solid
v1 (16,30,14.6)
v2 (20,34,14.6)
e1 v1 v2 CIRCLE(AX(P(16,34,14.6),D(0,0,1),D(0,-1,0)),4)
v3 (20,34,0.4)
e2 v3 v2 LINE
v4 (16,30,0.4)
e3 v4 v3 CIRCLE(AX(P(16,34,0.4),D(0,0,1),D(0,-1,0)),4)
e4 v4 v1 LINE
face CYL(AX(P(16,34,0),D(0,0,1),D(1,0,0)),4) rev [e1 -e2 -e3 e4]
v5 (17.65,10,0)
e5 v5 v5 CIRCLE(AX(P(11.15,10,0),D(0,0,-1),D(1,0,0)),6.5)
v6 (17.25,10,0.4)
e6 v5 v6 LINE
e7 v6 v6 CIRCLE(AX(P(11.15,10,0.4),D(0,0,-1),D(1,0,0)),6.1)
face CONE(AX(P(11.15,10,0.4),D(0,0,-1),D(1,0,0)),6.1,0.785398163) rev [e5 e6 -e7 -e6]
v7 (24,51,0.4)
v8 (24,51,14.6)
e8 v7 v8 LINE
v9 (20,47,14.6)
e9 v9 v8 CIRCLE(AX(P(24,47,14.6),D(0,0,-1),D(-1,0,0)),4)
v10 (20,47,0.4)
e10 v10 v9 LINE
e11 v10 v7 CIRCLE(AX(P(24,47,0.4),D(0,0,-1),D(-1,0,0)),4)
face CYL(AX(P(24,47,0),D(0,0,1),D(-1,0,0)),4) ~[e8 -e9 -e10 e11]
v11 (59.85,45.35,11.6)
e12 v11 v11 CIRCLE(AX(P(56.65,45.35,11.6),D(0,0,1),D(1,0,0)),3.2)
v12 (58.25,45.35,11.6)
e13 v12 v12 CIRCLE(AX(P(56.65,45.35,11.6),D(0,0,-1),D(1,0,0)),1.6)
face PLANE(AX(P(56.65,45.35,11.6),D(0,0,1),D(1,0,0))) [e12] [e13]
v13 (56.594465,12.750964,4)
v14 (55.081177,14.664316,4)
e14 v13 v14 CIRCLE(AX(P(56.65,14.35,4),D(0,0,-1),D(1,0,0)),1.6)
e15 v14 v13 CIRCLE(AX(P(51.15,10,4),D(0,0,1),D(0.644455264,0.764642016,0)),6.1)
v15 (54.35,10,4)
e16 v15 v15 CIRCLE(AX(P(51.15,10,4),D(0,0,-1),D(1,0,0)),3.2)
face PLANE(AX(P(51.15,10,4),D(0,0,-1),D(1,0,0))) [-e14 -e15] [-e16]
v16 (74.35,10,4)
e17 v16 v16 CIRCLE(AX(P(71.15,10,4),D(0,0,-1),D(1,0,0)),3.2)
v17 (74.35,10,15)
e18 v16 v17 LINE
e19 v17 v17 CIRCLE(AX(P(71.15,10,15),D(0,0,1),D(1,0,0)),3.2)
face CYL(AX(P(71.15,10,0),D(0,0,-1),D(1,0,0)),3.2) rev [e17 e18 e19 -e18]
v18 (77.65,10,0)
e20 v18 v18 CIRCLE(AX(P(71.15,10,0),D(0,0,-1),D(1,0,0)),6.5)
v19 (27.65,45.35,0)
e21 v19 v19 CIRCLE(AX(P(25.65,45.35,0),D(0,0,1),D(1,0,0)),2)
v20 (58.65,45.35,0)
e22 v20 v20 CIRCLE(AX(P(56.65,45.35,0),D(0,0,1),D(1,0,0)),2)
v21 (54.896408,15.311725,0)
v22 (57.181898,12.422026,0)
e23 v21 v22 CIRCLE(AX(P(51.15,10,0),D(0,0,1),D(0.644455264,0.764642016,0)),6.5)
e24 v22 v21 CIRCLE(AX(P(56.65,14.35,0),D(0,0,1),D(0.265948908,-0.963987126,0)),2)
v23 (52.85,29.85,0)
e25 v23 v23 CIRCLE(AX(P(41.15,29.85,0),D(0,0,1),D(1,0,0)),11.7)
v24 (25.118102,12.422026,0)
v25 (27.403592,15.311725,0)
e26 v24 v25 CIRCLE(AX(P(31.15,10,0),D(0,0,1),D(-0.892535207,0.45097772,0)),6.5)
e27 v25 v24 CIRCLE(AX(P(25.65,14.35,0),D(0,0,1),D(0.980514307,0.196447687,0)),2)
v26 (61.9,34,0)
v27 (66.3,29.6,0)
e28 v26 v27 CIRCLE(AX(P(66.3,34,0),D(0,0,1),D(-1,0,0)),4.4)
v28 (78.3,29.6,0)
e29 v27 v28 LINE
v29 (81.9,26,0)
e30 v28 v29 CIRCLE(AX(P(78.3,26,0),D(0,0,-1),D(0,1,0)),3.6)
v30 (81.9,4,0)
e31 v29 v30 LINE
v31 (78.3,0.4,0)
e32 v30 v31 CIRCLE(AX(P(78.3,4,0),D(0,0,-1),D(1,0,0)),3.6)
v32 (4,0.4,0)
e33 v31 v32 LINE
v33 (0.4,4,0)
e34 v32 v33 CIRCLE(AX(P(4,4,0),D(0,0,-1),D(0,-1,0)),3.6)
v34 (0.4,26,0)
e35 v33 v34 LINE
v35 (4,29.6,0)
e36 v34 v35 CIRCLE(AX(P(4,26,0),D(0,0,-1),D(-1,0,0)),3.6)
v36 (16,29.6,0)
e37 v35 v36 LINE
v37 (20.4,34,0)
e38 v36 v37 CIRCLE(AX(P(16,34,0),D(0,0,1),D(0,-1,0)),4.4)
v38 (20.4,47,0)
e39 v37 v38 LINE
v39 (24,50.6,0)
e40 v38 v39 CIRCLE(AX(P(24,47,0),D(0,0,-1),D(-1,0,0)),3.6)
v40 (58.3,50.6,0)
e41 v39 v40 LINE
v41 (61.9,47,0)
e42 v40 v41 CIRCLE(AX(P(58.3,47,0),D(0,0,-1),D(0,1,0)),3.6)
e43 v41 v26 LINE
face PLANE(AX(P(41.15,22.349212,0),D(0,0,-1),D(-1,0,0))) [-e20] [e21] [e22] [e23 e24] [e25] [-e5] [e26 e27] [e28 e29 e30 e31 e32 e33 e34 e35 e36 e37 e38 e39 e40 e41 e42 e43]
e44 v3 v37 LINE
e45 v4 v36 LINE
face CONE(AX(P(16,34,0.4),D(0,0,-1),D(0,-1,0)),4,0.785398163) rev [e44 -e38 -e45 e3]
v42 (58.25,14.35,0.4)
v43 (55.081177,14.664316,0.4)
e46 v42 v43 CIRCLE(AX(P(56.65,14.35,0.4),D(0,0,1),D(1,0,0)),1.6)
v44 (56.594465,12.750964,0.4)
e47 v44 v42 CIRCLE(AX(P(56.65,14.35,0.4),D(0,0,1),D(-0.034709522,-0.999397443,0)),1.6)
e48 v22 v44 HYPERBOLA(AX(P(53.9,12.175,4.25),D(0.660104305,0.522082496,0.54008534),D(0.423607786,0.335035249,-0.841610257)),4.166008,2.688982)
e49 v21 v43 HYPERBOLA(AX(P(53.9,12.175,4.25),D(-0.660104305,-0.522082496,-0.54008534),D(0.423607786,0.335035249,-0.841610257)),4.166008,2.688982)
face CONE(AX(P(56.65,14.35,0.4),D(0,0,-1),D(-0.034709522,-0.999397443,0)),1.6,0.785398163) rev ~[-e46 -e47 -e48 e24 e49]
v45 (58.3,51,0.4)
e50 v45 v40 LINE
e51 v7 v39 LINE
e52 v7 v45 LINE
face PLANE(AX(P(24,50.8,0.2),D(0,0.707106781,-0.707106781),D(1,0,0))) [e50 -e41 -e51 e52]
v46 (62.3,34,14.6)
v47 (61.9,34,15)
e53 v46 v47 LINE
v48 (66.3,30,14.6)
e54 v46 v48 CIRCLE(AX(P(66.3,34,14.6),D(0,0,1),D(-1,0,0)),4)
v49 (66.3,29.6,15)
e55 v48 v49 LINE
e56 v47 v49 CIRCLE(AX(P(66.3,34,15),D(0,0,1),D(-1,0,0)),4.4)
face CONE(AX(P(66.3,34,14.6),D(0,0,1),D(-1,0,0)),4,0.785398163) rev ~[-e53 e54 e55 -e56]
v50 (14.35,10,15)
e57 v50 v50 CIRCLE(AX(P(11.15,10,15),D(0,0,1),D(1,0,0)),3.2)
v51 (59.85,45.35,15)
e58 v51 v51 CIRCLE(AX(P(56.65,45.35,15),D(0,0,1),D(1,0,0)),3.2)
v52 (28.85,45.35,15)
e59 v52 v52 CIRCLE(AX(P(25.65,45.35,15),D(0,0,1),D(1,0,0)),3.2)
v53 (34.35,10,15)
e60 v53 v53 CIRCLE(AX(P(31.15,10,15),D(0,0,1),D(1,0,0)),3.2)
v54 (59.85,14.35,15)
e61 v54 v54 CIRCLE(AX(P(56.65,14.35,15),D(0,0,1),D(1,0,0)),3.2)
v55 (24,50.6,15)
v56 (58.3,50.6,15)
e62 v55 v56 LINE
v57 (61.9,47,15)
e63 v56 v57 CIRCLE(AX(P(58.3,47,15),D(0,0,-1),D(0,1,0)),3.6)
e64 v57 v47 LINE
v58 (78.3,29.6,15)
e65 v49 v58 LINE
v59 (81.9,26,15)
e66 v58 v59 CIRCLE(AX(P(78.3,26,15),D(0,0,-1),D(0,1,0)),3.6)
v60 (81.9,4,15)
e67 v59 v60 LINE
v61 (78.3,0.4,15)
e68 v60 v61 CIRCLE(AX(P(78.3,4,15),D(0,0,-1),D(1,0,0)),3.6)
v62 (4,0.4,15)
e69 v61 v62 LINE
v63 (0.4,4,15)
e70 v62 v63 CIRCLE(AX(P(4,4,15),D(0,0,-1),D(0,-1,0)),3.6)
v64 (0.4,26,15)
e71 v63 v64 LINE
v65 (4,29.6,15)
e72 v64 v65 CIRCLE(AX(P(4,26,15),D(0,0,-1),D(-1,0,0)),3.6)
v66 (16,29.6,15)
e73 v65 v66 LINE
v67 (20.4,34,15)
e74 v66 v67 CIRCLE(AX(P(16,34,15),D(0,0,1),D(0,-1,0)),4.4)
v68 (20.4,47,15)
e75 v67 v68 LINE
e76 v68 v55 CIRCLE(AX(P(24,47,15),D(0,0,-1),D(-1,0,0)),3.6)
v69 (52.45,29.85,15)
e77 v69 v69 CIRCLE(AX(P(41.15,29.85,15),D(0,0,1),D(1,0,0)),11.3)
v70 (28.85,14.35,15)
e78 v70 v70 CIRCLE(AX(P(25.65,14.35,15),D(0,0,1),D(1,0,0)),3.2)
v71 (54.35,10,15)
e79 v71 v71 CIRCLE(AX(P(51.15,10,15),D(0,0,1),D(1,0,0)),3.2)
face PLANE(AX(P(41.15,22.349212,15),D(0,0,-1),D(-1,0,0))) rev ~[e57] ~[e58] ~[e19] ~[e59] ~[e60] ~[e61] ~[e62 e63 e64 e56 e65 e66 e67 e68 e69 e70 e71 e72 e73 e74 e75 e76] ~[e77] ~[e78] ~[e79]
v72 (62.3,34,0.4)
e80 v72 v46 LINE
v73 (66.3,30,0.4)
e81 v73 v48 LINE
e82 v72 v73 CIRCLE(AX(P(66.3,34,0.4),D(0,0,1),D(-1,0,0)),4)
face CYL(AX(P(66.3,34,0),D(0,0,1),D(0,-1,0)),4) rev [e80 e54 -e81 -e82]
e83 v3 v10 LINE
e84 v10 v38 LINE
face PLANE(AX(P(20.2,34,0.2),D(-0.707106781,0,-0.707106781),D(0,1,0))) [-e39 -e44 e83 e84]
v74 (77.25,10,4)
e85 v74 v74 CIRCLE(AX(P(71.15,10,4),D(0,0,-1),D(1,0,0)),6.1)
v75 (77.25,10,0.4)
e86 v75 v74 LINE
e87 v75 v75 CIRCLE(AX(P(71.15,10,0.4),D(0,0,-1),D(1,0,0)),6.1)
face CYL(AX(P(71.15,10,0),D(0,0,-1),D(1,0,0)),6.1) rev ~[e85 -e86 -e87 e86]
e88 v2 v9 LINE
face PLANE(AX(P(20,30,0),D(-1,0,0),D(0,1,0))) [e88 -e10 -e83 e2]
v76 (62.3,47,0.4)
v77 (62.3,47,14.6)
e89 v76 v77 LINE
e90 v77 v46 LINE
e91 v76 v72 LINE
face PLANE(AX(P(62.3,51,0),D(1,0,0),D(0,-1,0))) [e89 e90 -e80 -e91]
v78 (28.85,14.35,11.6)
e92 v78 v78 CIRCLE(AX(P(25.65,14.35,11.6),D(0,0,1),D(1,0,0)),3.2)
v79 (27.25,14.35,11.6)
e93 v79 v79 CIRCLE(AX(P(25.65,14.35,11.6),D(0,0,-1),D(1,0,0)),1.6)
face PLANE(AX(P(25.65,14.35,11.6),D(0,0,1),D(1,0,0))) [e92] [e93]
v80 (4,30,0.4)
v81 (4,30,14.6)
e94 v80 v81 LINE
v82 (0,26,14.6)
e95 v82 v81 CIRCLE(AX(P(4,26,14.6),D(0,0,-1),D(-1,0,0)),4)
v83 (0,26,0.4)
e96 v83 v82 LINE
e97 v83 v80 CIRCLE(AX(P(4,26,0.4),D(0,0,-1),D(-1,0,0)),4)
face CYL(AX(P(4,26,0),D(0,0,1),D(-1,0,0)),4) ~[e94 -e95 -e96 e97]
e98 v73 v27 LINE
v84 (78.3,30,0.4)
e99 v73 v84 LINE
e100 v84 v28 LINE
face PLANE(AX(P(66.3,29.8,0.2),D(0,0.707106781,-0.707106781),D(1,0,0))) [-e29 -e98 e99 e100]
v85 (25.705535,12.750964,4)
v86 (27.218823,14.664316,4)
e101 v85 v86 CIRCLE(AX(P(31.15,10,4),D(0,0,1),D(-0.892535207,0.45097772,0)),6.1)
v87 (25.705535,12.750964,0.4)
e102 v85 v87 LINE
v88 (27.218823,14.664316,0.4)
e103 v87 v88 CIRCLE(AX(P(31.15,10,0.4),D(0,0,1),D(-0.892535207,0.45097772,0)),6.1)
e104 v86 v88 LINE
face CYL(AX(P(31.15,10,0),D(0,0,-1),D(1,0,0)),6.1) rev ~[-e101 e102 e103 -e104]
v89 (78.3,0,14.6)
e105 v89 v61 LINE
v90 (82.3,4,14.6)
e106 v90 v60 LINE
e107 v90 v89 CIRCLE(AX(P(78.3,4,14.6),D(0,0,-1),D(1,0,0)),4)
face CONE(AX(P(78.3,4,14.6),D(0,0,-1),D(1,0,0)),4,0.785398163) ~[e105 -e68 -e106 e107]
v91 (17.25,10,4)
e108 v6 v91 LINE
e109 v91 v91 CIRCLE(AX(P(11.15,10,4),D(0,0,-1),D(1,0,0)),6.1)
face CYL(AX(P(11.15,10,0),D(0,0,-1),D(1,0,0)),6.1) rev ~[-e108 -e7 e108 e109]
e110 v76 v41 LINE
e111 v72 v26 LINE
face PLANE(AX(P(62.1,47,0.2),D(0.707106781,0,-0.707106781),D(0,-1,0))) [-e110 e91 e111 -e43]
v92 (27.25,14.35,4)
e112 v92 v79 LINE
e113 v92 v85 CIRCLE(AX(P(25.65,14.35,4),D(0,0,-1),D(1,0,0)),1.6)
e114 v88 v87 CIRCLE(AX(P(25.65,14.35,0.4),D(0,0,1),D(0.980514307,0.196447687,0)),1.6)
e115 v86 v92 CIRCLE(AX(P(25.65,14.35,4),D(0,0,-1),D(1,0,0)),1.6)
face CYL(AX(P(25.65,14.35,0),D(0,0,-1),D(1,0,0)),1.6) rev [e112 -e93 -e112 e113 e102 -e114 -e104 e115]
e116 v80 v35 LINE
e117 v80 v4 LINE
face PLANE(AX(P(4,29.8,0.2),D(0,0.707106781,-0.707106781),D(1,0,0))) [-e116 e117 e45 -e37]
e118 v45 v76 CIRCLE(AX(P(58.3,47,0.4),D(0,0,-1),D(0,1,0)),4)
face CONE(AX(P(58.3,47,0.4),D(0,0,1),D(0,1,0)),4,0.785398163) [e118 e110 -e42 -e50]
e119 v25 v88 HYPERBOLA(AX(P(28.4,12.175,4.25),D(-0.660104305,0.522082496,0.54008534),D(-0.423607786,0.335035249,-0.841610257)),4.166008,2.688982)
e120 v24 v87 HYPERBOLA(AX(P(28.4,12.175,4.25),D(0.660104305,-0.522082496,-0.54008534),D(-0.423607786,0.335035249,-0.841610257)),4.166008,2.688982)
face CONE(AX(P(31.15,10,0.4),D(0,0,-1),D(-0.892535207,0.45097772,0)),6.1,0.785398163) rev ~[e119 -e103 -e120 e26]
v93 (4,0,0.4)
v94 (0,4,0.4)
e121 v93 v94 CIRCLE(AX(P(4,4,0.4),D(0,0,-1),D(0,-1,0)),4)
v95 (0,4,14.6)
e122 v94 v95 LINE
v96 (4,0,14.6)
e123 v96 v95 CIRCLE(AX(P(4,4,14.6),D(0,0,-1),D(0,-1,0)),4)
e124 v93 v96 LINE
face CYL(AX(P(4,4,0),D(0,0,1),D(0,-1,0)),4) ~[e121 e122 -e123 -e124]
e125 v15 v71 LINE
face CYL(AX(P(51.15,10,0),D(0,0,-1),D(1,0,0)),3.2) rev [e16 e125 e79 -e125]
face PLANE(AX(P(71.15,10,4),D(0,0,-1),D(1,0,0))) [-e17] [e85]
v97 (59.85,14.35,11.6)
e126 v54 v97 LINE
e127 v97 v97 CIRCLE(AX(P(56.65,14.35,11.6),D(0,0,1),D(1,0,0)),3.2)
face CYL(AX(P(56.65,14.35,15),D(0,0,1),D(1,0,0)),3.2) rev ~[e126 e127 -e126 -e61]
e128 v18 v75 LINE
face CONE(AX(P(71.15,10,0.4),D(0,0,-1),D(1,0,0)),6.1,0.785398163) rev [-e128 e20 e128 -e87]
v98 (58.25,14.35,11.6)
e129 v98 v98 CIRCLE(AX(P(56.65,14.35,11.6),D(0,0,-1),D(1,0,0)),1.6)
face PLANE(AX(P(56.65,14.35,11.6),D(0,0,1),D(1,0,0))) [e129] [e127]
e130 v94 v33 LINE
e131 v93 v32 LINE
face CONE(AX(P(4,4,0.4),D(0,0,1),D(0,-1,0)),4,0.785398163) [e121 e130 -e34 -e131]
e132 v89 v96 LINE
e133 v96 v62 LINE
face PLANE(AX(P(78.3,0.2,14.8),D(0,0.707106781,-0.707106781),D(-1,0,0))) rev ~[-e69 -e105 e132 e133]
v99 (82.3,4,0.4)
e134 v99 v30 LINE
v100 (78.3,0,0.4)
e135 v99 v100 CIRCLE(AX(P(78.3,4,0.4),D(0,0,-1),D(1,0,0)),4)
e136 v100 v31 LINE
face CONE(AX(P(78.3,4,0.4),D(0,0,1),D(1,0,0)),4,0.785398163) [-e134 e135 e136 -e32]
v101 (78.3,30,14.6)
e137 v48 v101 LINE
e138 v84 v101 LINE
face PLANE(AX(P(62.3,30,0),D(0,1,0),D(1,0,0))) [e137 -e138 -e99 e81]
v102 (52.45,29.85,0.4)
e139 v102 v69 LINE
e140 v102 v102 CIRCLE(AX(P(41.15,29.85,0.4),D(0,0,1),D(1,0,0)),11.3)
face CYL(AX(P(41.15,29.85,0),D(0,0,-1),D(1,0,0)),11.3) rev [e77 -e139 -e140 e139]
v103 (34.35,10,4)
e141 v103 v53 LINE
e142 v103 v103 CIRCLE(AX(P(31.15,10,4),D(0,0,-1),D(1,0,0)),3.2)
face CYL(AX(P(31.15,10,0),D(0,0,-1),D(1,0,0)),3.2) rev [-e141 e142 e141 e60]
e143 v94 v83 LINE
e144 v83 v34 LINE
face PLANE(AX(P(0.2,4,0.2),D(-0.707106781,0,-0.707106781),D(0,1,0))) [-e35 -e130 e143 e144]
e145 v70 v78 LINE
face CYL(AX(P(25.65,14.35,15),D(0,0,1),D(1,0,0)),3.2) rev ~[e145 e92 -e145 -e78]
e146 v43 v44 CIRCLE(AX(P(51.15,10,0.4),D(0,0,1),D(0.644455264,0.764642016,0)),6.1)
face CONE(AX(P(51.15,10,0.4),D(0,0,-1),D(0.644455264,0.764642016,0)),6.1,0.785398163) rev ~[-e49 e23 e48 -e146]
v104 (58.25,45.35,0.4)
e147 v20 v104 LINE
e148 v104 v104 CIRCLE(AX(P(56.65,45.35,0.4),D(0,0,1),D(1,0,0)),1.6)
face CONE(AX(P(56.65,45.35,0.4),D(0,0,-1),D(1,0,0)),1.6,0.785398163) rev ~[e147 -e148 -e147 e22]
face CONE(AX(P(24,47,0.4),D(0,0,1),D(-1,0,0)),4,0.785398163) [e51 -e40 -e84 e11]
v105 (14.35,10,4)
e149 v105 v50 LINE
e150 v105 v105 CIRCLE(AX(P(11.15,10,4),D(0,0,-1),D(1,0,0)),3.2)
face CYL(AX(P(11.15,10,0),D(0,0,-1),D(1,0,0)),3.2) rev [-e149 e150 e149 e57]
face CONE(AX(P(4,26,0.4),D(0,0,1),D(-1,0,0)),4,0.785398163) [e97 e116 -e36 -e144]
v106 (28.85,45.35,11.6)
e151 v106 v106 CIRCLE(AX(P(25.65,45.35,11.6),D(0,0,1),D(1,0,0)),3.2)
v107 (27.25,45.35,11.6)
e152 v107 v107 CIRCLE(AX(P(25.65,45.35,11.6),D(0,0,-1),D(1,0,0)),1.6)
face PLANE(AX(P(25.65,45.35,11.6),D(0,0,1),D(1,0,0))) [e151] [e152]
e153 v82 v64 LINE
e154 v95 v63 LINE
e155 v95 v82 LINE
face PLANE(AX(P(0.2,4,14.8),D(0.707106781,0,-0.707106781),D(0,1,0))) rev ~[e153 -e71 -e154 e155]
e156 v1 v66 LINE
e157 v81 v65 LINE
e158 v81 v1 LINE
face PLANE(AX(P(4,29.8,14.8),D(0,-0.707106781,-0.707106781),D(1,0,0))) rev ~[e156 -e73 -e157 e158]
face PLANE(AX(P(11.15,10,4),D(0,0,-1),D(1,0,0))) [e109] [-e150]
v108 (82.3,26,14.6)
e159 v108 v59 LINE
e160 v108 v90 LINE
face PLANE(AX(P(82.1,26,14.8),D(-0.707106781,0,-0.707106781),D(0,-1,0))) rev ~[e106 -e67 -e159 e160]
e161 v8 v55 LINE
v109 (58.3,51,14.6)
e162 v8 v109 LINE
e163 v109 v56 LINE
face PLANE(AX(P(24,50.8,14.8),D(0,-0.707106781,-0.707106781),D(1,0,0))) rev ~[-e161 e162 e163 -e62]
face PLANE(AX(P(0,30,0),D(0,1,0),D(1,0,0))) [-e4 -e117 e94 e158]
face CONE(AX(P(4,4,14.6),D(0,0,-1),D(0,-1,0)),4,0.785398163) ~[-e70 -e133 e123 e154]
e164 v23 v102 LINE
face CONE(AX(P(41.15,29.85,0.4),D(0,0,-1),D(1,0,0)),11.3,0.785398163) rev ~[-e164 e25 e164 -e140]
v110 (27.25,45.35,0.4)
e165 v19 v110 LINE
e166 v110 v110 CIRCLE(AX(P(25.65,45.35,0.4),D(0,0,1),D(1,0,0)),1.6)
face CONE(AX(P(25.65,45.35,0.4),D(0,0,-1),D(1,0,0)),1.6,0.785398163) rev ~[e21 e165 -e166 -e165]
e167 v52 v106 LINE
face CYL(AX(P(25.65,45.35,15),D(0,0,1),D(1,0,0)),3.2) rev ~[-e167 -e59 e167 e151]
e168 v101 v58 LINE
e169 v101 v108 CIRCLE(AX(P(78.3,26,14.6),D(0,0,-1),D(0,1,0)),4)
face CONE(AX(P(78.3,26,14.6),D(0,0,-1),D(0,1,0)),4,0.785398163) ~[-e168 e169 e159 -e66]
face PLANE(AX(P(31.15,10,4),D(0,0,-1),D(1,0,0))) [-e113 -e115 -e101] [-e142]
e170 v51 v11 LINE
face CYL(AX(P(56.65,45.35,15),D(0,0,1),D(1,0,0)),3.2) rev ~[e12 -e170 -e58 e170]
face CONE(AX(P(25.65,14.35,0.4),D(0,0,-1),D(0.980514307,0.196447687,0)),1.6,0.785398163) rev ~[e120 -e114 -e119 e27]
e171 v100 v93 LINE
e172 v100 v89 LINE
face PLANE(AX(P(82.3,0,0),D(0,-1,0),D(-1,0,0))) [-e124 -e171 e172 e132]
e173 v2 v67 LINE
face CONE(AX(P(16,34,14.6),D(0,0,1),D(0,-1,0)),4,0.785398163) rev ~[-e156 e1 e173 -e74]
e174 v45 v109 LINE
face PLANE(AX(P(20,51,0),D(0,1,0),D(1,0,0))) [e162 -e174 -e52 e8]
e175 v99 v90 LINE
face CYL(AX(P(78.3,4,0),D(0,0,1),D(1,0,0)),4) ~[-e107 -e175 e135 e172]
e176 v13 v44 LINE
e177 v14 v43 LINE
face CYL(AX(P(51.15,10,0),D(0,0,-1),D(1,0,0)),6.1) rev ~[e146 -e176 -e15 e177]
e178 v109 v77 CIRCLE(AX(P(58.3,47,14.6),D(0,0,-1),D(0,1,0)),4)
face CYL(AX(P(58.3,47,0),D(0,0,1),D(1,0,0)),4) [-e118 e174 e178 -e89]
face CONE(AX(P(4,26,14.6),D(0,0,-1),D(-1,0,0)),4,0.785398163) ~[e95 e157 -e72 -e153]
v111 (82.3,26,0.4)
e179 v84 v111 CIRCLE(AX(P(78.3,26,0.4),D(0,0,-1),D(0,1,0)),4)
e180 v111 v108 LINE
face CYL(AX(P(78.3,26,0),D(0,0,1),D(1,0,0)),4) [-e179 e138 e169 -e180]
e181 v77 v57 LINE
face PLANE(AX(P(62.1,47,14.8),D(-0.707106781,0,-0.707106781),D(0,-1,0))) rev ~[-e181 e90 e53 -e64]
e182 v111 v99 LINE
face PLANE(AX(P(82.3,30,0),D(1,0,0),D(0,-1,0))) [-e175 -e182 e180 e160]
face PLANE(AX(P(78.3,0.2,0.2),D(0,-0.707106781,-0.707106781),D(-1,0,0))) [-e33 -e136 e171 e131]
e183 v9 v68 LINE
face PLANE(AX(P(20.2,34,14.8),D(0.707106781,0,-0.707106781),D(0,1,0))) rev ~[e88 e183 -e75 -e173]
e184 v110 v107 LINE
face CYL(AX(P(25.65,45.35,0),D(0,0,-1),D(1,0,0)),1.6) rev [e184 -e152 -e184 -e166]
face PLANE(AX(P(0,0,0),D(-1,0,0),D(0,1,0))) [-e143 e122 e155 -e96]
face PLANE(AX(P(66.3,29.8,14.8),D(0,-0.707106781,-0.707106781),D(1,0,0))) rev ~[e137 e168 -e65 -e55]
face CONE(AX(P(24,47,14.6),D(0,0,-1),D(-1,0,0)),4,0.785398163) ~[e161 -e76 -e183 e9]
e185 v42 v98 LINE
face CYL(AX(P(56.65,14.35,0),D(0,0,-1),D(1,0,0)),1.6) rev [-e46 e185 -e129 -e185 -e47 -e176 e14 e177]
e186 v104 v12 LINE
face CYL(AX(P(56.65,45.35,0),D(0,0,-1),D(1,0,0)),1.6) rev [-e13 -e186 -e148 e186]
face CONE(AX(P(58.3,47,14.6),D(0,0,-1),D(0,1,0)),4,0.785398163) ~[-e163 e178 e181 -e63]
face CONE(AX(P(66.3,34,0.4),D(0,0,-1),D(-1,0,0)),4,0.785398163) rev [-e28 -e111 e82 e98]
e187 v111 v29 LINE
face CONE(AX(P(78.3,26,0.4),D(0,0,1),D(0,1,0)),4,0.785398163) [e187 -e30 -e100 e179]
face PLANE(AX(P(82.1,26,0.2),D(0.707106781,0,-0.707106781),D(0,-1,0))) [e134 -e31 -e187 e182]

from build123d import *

# Parameters (mm, degrees)
SKETCH_R        = 11.3
SKETCH_R_2      = 1.6
SKETCH_R_3      = 3.2
PAD_DEPTH       = 15
SKETCH001_R     = 3.2
POCKET_DEPTH    = 3.4
SKETCH002_R     = 6.1
POCKET001_DEPTH = 4
FILLET_R        = 4
CHAMFER_SIZE    = 0.4
CHAMFER001_SIZE = 0.4


with BuildPart() as part:
    # Sketch → Pad (new body)
    with BuildSketch(Plane.XY):
        Polygon((20, 30), (20, 51), (62.3, 51), (62.3, 30), (82.3, 30), (82.3, 0), (0, 0), (0, 30), align=None)
        with Locations((41.15, 29.85)):
            Circle(SKETCH_R, mode=Mode.SUBTRACT)
        with Locations((25.65, 45.35)):
            Circle(SKETCH_R_2, mode=Mode.SUBTRACT)
        with Locations((25.65, 14.35)):
            Circle(SKETCH_R_2, mode=Mode.SUBTRACT)
        with Locations((56.65, 45.35)):
            Circle(SKETCH_R_2, mode=Mode.SUBTRACT)
        with Locations((56.65, 14.35)):
            Circle(SKETCH_R_2, mode=Mode.SUBTRACT)
        with Locations((11.15, 10)):
            Circle(SKETCH_R_3, mode=Mode.SUBTRACT)
        with Locations((31.15, 10)):
            Circle(SKETCH_R_3, mode=Mode.SUBTRACT)
        with Locations((51.15, 10)):
            Circle(SKETCH_R_3, mode=Mode.SUBTRACT)
        with Locations((71.15, 10)):
            Circle(SKETCH_R_3, mode=Mode.SUBTRACT)
    extrude(amount=PAD_DEPTH)

    # Sketch001 (on Face19 of Pad) → Pocket (cut)
    with BuildSketch(Plane.XY.offset(15)):
        with Locations((25.65, 45.35)):
            Circle(SKETCH001_R)
        with Locations((56.65, 45.35)):
            Circle(SKETCH001_R)
        with Locations((56.65, 14.35)):
            Circle(SKETCH001_R)
        with Locations((25.65, 14.35)):
            Circle(SKETCH001_R)
    extrude(amount=-POCKET_DEPTH, mode=Mode.SUBTRACT)

    # Sketch002 (on Face4 of Pocket) → Pocket001 (cut)
    with BuildSketch(Plane(origin=(0, 0, 0), x_dir=(1, 0, 0), z_dir=(0, 0, -1))):
        with Locations((11.15, -10)):
            Circle(SKETCH002_R)
        with Locations((31.15, -10)):
            Circle(SKETCH002_R)
        with Locations((51.15, -10)):
            Circle(SKETCH002_R)
        with Locations((71.15, -10)):
            Circle(SKETCH002_R)
    extrude(amount=-POCKET001_DEPTH, mode=Mode.SUBTRACT)

    # Fillet
    fillet_edges = [part.edges().sort_by_distance(p)[0] for p in [
        (62.3, 51, 7.5),
        (62.3, 30, 7.5),
        (82.3, 30, 7.5),
        (82.3, 0, 7.5),
        (0, 0, 7.5),
        (0, 30, 7.5),
        (20, 30, 7.5),
        (20, 51, 7.5),
    ]]
    fillet(fillet_edges, radius=FILLET_R)

    # Chamfer
    chamfer_edges = [part.edges().sort_by_distance(p)[0] for p in [
        (20, 40.5, 0),
        (18.828427, 31.171573, 0),
        (21.171573, 49.828427, 0),
        (10, 30, 0),
        (41.15, 51, 0),
        (1.171573, 28.828427, 0),
        (61.128427, 49.828427, 0),
        (0, 15, 0),
        (62.3, 40.5, 0),
        (1.171573, 1.171573, 0),
        (63.471573, 31.171573, 0),
        (41.15, 0, 0),
        (72.3, 30, 0),
        (81.128427, 1.171573, 0),
        (81.128427, 28.828427, 0),
        (82.3, 15, 0),
        (65.05, 10, 0),
        (57.761563, 13.199162, 0),
        (57.083854, 11.413995, 0),
        (45.618717, 7.428053, 0),
        (56.807929, 15.942187, 0),
        (33.721947, 15.531283, 0),
        (29.736005, 4.066146, 0),
        (24.395064, 15.34254, 0),
        (5.05, 10, 0),
        (55.05, 45.35, 0),
        (29.85, 29.85, 0),
        (24.05, 45.35, 0),
    ]]
    chamfer(chamfer_edges, length=CHAMFER_SIZE)

    # Chamfer001
    chamfer001_edges = [part.edges().sort_by_distance(p)[0] for p in [
        (20, 40.5, 15),
        (21.171573, 49.828427, 15),
        (41.15, 51, 15),
        (61.128427, 49.828427, 15),
        (62.3, 40.5, 15),
        (63.471573, 31.171573, 15),
        (72.3, 30, 15),
        (81.128427, 28.828427, 15),
        (82.3, 15, 15),
        (81.128427, 1.171573, 15),
        (41.15, 0, 15),
        (1.171573, 1.171573, 15),
        (0, 15, 15),
        (1.171573, 28.828427, 15),
        (10, 30, 15),
        (18.828427, 31.171573, 15),
    ]]
    chamfer(chamfer001_edges, length=CHAMFER001_SIZE)


solid = part.part
